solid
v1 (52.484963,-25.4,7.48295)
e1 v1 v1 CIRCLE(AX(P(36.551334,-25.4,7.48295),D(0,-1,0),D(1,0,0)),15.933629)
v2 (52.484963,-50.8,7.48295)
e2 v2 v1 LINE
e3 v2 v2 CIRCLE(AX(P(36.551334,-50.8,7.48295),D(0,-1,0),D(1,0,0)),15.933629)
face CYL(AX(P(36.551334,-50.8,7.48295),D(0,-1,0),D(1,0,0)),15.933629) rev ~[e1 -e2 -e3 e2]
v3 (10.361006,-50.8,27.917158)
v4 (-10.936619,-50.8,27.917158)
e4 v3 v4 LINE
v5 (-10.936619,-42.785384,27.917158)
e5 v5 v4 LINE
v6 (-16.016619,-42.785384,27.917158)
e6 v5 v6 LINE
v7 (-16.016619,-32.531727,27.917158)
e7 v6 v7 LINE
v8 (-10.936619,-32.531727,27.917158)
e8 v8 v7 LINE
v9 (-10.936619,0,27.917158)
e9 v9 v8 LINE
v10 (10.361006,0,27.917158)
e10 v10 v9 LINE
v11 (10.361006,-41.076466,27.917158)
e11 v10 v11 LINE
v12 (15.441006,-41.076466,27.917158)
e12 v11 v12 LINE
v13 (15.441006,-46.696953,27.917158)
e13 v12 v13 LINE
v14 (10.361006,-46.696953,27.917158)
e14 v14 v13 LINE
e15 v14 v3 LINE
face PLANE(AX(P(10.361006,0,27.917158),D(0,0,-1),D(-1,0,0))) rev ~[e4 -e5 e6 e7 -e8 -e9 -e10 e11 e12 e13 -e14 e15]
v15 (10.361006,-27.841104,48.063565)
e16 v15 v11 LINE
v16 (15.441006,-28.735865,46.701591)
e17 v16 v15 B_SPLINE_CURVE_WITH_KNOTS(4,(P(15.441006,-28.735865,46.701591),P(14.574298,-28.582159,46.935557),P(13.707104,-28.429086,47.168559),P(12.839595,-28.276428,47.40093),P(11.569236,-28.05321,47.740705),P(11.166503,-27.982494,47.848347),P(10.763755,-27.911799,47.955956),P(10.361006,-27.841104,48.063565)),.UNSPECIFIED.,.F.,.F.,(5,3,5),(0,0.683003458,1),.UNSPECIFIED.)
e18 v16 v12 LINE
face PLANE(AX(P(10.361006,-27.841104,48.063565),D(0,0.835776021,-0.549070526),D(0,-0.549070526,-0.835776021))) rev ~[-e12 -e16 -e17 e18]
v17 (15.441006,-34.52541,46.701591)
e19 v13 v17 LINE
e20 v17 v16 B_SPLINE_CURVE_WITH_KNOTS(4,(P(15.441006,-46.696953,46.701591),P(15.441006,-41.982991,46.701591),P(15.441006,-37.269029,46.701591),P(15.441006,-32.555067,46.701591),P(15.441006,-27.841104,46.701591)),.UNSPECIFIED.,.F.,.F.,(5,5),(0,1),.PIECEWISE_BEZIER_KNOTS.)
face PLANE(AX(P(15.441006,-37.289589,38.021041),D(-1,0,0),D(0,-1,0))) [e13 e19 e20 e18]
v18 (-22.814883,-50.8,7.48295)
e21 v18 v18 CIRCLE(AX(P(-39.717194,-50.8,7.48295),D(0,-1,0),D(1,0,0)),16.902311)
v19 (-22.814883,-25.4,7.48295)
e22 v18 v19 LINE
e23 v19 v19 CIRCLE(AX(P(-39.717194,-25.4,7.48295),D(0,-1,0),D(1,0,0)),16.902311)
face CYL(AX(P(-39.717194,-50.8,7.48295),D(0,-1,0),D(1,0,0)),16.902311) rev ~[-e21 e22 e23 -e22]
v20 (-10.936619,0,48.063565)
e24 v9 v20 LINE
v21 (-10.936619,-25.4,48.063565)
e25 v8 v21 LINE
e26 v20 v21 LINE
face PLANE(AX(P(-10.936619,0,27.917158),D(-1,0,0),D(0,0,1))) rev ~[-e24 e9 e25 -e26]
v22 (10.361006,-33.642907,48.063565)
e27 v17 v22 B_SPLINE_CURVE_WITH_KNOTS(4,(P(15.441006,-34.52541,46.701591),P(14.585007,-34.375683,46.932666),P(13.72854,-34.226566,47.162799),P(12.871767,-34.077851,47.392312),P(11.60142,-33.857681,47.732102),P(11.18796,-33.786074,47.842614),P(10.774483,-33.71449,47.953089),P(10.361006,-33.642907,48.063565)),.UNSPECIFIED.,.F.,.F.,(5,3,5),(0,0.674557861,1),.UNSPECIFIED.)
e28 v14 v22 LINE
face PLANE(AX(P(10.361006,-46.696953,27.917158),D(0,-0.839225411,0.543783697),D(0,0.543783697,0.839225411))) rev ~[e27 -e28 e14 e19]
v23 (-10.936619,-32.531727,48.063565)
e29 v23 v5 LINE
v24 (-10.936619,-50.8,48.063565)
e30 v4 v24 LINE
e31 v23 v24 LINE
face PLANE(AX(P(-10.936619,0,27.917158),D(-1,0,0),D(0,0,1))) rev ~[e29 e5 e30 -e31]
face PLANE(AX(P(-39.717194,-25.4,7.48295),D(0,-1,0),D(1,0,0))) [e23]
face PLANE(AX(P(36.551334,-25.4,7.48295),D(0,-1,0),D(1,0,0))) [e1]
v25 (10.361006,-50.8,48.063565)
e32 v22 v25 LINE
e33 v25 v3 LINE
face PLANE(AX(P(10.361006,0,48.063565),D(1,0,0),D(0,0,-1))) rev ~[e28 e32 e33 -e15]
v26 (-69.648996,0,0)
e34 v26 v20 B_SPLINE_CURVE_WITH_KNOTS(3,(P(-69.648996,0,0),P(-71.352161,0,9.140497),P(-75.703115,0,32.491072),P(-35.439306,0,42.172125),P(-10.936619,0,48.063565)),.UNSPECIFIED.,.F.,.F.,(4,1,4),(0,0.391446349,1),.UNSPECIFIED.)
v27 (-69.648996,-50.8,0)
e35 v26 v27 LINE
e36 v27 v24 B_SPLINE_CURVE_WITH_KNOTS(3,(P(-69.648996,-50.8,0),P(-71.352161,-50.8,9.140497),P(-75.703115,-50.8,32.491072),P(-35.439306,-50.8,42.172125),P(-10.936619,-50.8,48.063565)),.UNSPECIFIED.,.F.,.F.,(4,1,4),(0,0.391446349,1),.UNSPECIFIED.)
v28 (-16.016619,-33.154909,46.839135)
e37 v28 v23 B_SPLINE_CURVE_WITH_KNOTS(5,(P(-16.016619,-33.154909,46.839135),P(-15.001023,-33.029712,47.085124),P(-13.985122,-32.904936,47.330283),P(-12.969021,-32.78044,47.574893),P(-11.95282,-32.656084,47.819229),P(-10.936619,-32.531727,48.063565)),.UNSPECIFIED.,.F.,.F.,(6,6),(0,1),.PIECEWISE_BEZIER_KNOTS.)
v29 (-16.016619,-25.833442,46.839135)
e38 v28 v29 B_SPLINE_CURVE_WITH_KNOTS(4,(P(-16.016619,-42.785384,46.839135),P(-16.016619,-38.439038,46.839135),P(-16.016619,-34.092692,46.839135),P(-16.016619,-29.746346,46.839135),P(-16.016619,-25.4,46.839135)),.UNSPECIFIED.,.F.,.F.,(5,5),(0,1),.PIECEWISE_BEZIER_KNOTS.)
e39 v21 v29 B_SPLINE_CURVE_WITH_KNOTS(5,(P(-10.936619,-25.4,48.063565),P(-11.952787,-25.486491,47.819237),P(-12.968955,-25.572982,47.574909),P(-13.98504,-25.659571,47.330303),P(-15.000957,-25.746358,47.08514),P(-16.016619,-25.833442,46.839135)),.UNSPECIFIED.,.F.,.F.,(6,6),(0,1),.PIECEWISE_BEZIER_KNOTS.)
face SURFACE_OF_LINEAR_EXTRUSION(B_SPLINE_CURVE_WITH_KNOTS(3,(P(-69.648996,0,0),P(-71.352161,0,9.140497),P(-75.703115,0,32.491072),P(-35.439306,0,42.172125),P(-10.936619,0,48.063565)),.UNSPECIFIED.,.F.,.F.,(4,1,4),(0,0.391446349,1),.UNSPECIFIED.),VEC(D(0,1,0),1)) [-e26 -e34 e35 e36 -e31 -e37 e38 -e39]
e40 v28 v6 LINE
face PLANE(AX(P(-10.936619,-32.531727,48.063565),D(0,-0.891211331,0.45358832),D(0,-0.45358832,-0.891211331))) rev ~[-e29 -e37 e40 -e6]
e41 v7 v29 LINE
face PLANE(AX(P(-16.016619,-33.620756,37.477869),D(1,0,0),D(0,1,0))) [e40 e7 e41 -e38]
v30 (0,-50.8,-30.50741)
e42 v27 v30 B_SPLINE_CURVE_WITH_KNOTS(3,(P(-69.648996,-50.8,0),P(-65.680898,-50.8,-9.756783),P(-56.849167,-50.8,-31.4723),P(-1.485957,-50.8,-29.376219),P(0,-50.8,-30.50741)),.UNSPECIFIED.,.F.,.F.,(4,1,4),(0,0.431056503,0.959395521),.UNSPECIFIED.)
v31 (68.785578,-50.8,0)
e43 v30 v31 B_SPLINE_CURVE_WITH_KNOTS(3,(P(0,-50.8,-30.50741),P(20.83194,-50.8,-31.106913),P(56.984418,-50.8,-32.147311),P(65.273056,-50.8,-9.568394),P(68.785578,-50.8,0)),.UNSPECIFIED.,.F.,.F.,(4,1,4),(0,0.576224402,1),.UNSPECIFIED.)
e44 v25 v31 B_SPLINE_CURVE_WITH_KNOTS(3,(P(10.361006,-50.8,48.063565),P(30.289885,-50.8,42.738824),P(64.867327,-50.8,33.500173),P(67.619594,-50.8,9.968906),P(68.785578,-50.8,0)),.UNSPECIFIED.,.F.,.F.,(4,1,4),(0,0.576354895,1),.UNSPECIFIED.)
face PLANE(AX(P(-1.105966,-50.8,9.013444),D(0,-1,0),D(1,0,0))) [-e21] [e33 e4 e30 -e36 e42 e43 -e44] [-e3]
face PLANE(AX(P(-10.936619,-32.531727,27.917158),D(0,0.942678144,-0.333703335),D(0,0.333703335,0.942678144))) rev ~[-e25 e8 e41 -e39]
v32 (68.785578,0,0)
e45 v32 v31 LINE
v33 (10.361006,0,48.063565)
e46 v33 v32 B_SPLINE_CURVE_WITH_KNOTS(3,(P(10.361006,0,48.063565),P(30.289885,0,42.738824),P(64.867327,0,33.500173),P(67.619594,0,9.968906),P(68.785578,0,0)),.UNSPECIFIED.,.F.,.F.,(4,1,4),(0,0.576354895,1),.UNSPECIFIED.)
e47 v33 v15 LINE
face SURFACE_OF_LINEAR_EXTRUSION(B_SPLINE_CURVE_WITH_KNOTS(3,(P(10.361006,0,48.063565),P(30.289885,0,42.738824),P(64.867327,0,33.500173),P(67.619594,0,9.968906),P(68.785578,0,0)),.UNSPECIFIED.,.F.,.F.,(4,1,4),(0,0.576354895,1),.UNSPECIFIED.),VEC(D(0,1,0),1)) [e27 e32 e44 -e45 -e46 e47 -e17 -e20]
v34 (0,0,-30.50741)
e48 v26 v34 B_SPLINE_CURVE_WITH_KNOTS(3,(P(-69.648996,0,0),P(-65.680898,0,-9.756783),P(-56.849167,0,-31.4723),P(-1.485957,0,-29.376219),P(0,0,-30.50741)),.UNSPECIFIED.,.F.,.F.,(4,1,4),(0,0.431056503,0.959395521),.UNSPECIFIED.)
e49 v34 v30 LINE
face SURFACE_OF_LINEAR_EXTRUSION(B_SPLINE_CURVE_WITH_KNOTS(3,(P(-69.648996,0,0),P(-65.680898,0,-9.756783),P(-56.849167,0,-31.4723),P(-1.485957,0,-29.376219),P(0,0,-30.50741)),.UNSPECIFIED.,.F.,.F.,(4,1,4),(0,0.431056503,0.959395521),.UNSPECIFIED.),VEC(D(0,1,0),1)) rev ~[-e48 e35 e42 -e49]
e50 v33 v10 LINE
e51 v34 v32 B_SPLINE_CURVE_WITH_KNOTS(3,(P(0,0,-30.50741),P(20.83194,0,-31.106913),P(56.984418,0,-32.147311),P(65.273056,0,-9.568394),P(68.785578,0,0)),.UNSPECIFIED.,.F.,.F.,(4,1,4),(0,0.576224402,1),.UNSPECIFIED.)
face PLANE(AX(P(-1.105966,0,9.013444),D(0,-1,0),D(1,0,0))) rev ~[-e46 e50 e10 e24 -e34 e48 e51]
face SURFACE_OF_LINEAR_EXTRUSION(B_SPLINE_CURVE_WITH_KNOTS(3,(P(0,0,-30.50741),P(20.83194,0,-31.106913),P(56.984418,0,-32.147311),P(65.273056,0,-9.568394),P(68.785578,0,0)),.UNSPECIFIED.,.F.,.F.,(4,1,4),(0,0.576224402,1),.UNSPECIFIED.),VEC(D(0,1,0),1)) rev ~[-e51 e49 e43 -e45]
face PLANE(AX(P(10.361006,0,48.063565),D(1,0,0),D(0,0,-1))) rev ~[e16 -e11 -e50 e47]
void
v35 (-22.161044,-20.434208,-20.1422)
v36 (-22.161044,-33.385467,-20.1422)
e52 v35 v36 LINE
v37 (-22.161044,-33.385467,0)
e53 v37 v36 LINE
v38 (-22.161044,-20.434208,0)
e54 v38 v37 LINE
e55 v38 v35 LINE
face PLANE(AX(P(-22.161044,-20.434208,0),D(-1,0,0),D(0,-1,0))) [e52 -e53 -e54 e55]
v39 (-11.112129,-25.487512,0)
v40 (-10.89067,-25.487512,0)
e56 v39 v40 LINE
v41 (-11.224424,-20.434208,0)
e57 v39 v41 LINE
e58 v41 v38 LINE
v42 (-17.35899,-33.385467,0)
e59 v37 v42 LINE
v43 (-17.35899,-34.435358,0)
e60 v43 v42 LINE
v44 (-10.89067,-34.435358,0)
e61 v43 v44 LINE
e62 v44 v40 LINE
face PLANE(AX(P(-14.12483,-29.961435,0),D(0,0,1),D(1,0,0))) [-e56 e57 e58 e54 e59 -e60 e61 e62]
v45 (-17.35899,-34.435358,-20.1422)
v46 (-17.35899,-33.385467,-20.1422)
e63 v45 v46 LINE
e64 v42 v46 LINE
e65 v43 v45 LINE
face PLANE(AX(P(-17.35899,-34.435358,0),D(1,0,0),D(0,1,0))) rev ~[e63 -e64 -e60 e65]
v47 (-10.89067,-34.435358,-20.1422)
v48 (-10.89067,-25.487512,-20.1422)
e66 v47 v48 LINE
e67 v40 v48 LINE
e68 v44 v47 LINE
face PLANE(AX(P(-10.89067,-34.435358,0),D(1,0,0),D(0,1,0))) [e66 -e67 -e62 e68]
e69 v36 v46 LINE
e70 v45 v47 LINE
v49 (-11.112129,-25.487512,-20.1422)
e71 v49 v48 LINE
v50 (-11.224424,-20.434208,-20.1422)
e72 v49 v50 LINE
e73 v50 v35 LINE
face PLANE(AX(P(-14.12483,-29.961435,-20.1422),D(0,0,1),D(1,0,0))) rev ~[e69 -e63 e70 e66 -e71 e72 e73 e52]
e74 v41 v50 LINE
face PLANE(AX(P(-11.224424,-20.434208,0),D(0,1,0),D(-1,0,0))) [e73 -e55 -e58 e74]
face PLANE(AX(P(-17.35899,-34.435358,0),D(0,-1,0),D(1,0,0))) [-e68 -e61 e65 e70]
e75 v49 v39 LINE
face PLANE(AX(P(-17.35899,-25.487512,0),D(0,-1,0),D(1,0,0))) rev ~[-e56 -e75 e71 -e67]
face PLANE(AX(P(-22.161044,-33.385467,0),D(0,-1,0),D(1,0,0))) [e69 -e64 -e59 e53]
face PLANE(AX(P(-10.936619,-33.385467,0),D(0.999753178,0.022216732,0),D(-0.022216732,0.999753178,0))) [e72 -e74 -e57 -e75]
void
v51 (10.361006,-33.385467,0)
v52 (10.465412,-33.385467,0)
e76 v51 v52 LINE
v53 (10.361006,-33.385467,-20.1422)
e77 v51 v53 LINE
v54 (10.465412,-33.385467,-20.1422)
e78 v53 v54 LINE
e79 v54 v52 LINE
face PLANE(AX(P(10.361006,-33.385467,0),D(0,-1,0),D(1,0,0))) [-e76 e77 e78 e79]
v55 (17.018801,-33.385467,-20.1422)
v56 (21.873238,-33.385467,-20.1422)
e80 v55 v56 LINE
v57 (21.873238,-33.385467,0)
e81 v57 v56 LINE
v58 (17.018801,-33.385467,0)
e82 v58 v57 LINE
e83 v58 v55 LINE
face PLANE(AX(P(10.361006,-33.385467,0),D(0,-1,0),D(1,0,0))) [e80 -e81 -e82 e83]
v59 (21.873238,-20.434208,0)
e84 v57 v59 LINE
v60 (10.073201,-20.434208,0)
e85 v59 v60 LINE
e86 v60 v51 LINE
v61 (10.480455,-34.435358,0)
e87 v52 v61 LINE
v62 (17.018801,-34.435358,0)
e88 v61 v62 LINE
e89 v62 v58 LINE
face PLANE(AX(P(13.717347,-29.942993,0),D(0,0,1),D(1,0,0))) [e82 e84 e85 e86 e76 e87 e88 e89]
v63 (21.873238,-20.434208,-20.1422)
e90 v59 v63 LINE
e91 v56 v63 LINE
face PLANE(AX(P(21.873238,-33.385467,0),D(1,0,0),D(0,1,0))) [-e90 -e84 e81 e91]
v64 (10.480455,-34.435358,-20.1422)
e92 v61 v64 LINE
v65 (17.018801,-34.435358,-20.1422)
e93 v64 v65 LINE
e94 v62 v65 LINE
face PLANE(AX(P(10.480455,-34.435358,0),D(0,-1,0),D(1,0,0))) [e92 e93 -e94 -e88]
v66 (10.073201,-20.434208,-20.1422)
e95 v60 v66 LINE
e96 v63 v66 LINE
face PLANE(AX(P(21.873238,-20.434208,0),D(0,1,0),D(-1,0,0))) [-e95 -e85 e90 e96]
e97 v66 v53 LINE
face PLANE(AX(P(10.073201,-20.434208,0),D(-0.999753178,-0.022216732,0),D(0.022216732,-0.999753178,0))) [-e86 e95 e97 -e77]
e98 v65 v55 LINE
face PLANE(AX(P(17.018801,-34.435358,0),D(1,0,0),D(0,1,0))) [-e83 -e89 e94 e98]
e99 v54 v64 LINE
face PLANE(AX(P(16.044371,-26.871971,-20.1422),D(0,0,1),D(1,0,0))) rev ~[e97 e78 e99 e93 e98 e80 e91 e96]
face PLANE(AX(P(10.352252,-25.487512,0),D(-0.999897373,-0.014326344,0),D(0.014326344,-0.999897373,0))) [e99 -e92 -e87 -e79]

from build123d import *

# Parameters (mm, degrees)
F1_DEPTH  = 50.8
F2_R      = 16.9023108292
F2_R_2    = 15.9336293425
F3_DEPTH  = 25.4
F4_W      = 6.4683202654
F4_H      = 8.9478455484
F5_DEPTH  = 20.1422
F7_DEPTH  = 20.1422
F9_DEPTH  = 5.08
F11_DEPTH = 5.08
F13_DEPTH = 5.08


with BuildPart() as f1:
    # F0 (on Front) → F1 (new body)
    with BuildSketch(Plane.XZ):
        with BuildLine():
            Line((10.3610064834, 27.9171578586), (-10.9366187826, 27.9171578586))
            Line((-10.9366187826, 27.9171578586), (-10.9366187826, 48.0635650456))
            add(Edge.make_bspline(
                [(-69.6489959955, 0), (-71.3521609697, 9.1404972773), (-75.7031147589, 32.4910721582), (-35.4393063841, 42.172124994), (-10.9366187826, 48.0635650456)],
                knots=[0, 0, 0, 0, 0.3914463487, 1, 1, 1, 1], degree=3))
            add(Edge.make_bspline(
                [(-69.6489959955, 0), (-65.6808981625, -9.7567834982), (-56.8491666777, -31.4722995051), (-1.4859571576, -29.3762186894), (0, -30.5074099451)],
                knots=[0, 0, 0, 0, 0.4310565027, 0.9593955207, 0.9593955207, 0.9593955207, 0.9593955207], degree=3))
            add(Edge.make_bspline(
                [(0, -30.5074099451), (20.8319398692, -31.1069128662), (56.9844176124, -32.1473112232), (65.2730555247, -9.5683941039), (68.7855780125, 0)],
                knots=[0, 0, 0, 0, 0.576224402, 1, 1, 1, 1], degree=3))
            add(Edge.make_bspline(
                [(10.3610064834, 48.0635650456), (30.289884659, 42.7388235814), (64.8673270211, 33.5001730438), (67.6195937052, 9.968906062), (68.7855780125, 0)],
                knots=[0, 0, 0, 0, 0.5763548954, 1, 1, 1, 1], degree=3))
            Line((10.3610064834, 48.0635650456), (10.3610064834, 27.9171578586))
        make_face()
    extrude(amount=F1_DEPTH)

    # F2 (on face) → F3 (cut)
    with BuildSketch(Plane.XZ.offset(50.8)):
        with Locations((-39.7171936929, 7.4829496443)):
            Circle(F2_R)
        with Locations((36.5513339639, 7.4829496443)):
            Circle(F2_R_2)
    extrude(amount=-F3_DEPTH, mode=Mode.SUBTRACT)

    # F4 (on Top) → F5 (cut)
    with BuildSketch(Plane.XY):
        with Locations((-14.1248302534, -29.9614351243)):
            Rectangle(F4_W, F4_H)
        Polygon((17.0188006014, -25.4875123501), (10.3522520512, -25.4875123501), (10.4804551229, -34.4353578985), (17.0188006014, -34.4353578985), align=None)
    extrude(amount=-F5_DEPTH, mode=Mode.SUBTRACT)

    # F6 (on Top) → F7 (cut)
    with BuildSketch(Plane.XY):
        Polygon((-10.9366187826, -33.3854667842), (-11.2244244665, -20.4342082143), (-22.1610441804, -20.4342082143), (-22.1610441804, -33.3854667842), align=None)
        Polygon((21.8732375652, -20.4342082143), (10.0732007995, -20.4342082143), (10.3610064834, -33.3854667842), (21.8732375652, -33.3854667842), align=None)
    extrude(amount=-F7_DEPTH, mode=Mode.SUBTRACT)

    # F8 (on face) → F9 (cut)
    with BuildSketch(Plane.YZ.offset(-10.9366187826)):
        Polygon((-32.5317271054, 27.9171578586), (-25.4, 48.0635650456), (-32.5317271054, 48.0635650456), (-42.7853837609, 27.9171578586), align=None)
    extrude(amount=-F9_DEPTH, mode=Mode.SUBTRACT)

    # F10 (on Front) → F11 (cut)
    with BuildSketch(Plane.XZ):
        Polygon((29.1642211378, 44.9136085808), (20.9452454001, 46.1828112602), (29.1642211378, 24.8657949269), (35.5472825468, 23.4038140625), align=None)
    extrude(amount=-F11_DEPTH, mode=Mode.SUBTRACT)

    # F12 (on face) → F13 (cut)
    with BuildSketch(Plane(origin=(10.3610064834, 0, 0), x_dir=(0, -1, 0), z_dir=(-1, 0, 0))):
        Polygon((33.6429066956, 48.0635650456), (27.8411041945, 48.0635650456), (41.0764664412, 27.9171578586), (46.6969534755, 27.9171578586), align=None)
    extrude(amount=-F13_DEPTH, mode=Mode.SUBTRACT)


solid = f1.part
